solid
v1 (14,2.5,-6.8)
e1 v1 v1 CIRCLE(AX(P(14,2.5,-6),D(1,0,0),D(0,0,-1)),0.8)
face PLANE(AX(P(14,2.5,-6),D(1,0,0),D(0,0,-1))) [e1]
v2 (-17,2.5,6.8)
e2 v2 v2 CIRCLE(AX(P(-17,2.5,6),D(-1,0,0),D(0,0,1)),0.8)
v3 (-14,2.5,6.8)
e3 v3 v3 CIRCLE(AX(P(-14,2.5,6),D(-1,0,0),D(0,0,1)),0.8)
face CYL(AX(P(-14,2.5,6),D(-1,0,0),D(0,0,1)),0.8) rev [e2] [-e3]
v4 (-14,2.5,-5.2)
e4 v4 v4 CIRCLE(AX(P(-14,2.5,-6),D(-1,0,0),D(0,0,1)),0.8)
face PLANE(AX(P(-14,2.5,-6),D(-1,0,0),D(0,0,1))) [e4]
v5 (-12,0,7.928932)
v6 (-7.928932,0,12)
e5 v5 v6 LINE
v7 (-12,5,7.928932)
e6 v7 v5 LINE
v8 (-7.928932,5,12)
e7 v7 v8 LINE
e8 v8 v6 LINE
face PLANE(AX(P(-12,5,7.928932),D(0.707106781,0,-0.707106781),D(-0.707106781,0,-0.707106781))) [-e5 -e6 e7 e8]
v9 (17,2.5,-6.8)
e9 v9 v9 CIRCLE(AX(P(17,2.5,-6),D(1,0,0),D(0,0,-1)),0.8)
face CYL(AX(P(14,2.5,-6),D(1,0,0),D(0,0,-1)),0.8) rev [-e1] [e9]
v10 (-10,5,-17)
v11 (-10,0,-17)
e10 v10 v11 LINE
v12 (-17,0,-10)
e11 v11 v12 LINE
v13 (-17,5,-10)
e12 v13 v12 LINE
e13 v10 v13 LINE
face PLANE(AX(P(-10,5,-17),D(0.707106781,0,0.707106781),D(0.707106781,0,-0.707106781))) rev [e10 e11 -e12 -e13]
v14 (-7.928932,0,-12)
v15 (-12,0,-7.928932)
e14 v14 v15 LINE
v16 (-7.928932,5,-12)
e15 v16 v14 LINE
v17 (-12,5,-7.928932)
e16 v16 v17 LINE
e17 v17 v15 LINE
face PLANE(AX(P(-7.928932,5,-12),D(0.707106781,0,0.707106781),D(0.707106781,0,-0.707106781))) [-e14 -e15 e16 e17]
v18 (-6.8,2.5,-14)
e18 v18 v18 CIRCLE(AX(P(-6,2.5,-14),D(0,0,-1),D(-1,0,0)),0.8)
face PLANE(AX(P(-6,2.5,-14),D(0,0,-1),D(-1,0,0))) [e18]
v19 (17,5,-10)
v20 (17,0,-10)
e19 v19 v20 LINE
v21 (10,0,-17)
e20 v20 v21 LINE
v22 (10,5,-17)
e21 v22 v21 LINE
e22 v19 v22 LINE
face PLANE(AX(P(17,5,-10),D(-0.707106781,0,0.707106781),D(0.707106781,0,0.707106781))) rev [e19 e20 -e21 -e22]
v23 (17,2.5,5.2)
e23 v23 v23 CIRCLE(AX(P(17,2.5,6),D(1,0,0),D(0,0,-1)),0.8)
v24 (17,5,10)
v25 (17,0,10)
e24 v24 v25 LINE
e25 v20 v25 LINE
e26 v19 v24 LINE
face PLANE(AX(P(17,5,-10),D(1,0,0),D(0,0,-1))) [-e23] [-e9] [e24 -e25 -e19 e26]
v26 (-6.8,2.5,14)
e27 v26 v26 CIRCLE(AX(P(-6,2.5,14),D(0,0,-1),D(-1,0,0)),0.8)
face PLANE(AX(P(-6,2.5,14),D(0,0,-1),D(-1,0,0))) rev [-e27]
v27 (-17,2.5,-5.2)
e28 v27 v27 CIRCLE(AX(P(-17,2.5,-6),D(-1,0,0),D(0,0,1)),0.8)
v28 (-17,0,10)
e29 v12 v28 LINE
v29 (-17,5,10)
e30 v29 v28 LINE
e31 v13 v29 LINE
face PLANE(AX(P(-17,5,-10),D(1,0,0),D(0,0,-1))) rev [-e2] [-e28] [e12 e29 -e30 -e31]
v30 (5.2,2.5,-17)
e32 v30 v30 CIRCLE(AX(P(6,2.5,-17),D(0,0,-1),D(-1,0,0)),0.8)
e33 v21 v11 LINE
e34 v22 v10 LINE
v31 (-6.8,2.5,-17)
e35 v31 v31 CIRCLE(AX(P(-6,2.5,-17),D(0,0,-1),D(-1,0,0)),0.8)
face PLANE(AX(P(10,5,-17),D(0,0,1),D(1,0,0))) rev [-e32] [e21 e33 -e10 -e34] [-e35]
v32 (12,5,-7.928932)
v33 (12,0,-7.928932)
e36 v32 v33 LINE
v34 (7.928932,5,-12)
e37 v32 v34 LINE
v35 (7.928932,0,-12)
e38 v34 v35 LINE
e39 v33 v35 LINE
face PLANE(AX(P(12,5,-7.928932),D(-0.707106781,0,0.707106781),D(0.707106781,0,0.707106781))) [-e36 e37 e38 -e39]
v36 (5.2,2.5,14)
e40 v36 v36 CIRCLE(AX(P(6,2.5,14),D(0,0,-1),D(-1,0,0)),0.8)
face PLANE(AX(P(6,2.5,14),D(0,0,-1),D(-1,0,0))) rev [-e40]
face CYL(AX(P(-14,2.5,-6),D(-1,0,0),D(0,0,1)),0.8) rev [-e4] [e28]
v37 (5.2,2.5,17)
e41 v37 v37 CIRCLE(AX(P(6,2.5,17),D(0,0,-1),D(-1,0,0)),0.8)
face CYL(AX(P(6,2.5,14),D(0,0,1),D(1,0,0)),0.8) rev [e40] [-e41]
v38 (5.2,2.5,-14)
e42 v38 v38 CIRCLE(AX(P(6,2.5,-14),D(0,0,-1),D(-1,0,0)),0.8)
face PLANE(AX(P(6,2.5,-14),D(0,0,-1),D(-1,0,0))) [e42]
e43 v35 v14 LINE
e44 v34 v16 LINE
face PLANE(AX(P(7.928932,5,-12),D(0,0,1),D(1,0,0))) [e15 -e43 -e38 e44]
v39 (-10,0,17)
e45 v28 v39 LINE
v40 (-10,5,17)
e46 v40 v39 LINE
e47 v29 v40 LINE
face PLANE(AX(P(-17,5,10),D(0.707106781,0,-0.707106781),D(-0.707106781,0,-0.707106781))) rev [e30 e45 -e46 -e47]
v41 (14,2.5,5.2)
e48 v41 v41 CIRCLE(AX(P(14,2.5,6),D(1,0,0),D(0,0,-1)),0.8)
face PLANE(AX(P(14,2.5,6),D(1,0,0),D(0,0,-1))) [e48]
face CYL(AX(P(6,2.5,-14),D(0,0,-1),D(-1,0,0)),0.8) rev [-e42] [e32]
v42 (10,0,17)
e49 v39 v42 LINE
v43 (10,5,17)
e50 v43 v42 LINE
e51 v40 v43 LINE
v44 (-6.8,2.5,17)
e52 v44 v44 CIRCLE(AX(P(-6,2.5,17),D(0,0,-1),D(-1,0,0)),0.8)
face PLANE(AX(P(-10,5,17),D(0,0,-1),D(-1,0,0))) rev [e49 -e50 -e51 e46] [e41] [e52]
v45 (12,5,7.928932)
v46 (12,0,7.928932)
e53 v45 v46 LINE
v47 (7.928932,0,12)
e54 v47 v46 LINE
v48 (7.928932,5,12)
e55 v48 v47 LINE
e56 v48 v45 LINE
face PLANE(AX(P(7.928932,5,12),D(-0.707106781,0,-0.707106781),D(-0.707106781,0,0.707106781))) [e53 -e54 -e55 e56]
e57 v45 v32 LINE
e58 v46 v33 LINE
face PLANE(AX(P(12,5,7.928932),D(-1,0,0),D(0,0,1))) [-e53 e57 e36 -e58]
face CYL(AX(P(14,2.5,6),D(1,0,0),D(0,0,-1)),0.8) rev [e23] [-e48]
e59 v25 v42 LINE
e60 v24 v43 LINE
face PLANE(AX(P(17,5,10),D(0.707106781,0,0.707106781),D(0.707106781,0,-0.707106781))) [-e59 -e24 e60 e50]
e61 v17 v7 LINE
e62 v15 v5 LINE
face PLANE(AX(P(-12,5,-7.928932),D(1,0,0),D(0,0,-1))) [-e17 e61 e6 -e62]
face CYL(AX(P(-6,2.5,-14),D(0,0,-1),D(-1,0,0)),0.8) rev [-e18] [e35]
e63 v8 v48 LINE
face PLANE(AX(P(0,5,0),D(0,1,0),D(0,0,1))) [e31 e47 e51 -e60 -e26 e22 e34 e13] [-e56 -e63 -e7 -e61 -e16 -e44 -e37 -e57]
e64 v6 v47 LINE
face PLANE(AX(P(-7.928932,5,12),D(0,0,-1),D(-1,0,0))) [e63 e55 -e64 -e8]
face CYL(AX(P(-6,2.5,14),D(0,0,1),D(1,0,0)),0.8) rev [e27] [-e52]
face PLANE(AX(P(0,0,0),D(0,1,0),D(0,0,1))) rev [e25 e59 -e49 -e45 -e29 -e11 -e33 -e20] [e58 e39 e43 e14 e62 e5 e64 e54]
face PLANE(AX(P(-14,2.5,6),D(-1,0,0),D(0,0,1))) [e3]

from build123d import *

# Parameters (mm, degrees)
EXTRUDE_1_DEPTH     = 5
SKETCH_2_R          = 0.8
CUT_EXTRUDE_1_DEPTH = 3
CUT_EXTRUDE_START   = -31
SKETCH_2_3_R        = 0.8
CUT_EXTRUDE_2_DEPTH = 3
SKETCH_3_R          = 0.8
CUT_EXTRUDE_3_DEPTH = 3
SKETCH_3_2_R        = 0.8
CUT_EXTRUDE_4_DEPTH = 3


with BuildPart() as part:
    # 草图1 → 凸台-拉伸1 (new body)
    with BuildSketch(Plane(origin=(0, 0, 0), x_dir=(1, 0, 0), z_dir=(0, 1, 0))):
        Polygon((-17, 10), (-17, -10), (-10, -17), (10, -17), (17, -10), (17, 10), (10, 17), (-10, 17), align=None)
        Polygon((-7.928932188, 12), (-12, 7.928932188), (-12, -7.928932188), (-7.928932188, -12), (7.928932188, -12), (12, -7.928932188), (12, 7.928932188), (7.928932188, 12), align=None, mode=Mode.SUBTRACT)
    extrude(amount=EXTRUDE_1_DEPTH)

    # 草图2 → 切除-拉伸1 (cut)
    with BuildSketch(Plane(origin=(0, 0, -17), x_dir=(-1, 0, 0), z_dir=(0, 0, -1))):
        with Locations((6, 2.5)):
            Circle(SKETCH_2_R)
        with Locations((-6, 2.5)):
            Circle(SKETCH_2_R)
    extrude(amount=-CUT_EXTRUDE_1_DEPTH, mode=Mode.SUBTRACT)

    # 草图2<3> → 切除-拉伸2 (cut)
    with BuildSketch(Plane(origin=(0, 0, -17), x_dir=(-1, 0, 0), z_dir=(0, 0, -1)).offset(CUT_EXTRUDE_START)):
        with Locations((6, 2.5)):
            Circle(SKETCH_2_3_R)
        with Locations((-6, 2.5)):
            Circle(SKETCH_2_3_R)
    extrude(amount=-CUT_EXTRUDE_2_DEPTH, mode=Mode.SUBTRACT)

    # 草图3 → 切除-拉伸3 (cut)
    with BuildSketch(Plane.ZY.offset(17)):
        with Locations((-6, 2.5)):
            Circle(SKETCH_3_R)
        with Locations((6, 2.5)):
            Circle(SKETCH_3_R)
    extrude(amount=-CUT_EXTRUDE_3_DEPTH, mode=Mode.SUBTRACT)

    # 草图3<2> → 切除-拉伸4 (cut)
    with BuildSketch(Plane.ZY.offset(17).offset(CUT_EXTRUDE_START)):
        with Locations((-6, 2.5)):
            Circle(SKETCH_3_2_R)
        with Locations((6, 2.5)):
            Circle(SKETCH_3_2_R)
    extrude(amount=-CUT_EXTRUDE_4_DEPTH, mode=Mode.SUBTRACT)


solid = part.part
